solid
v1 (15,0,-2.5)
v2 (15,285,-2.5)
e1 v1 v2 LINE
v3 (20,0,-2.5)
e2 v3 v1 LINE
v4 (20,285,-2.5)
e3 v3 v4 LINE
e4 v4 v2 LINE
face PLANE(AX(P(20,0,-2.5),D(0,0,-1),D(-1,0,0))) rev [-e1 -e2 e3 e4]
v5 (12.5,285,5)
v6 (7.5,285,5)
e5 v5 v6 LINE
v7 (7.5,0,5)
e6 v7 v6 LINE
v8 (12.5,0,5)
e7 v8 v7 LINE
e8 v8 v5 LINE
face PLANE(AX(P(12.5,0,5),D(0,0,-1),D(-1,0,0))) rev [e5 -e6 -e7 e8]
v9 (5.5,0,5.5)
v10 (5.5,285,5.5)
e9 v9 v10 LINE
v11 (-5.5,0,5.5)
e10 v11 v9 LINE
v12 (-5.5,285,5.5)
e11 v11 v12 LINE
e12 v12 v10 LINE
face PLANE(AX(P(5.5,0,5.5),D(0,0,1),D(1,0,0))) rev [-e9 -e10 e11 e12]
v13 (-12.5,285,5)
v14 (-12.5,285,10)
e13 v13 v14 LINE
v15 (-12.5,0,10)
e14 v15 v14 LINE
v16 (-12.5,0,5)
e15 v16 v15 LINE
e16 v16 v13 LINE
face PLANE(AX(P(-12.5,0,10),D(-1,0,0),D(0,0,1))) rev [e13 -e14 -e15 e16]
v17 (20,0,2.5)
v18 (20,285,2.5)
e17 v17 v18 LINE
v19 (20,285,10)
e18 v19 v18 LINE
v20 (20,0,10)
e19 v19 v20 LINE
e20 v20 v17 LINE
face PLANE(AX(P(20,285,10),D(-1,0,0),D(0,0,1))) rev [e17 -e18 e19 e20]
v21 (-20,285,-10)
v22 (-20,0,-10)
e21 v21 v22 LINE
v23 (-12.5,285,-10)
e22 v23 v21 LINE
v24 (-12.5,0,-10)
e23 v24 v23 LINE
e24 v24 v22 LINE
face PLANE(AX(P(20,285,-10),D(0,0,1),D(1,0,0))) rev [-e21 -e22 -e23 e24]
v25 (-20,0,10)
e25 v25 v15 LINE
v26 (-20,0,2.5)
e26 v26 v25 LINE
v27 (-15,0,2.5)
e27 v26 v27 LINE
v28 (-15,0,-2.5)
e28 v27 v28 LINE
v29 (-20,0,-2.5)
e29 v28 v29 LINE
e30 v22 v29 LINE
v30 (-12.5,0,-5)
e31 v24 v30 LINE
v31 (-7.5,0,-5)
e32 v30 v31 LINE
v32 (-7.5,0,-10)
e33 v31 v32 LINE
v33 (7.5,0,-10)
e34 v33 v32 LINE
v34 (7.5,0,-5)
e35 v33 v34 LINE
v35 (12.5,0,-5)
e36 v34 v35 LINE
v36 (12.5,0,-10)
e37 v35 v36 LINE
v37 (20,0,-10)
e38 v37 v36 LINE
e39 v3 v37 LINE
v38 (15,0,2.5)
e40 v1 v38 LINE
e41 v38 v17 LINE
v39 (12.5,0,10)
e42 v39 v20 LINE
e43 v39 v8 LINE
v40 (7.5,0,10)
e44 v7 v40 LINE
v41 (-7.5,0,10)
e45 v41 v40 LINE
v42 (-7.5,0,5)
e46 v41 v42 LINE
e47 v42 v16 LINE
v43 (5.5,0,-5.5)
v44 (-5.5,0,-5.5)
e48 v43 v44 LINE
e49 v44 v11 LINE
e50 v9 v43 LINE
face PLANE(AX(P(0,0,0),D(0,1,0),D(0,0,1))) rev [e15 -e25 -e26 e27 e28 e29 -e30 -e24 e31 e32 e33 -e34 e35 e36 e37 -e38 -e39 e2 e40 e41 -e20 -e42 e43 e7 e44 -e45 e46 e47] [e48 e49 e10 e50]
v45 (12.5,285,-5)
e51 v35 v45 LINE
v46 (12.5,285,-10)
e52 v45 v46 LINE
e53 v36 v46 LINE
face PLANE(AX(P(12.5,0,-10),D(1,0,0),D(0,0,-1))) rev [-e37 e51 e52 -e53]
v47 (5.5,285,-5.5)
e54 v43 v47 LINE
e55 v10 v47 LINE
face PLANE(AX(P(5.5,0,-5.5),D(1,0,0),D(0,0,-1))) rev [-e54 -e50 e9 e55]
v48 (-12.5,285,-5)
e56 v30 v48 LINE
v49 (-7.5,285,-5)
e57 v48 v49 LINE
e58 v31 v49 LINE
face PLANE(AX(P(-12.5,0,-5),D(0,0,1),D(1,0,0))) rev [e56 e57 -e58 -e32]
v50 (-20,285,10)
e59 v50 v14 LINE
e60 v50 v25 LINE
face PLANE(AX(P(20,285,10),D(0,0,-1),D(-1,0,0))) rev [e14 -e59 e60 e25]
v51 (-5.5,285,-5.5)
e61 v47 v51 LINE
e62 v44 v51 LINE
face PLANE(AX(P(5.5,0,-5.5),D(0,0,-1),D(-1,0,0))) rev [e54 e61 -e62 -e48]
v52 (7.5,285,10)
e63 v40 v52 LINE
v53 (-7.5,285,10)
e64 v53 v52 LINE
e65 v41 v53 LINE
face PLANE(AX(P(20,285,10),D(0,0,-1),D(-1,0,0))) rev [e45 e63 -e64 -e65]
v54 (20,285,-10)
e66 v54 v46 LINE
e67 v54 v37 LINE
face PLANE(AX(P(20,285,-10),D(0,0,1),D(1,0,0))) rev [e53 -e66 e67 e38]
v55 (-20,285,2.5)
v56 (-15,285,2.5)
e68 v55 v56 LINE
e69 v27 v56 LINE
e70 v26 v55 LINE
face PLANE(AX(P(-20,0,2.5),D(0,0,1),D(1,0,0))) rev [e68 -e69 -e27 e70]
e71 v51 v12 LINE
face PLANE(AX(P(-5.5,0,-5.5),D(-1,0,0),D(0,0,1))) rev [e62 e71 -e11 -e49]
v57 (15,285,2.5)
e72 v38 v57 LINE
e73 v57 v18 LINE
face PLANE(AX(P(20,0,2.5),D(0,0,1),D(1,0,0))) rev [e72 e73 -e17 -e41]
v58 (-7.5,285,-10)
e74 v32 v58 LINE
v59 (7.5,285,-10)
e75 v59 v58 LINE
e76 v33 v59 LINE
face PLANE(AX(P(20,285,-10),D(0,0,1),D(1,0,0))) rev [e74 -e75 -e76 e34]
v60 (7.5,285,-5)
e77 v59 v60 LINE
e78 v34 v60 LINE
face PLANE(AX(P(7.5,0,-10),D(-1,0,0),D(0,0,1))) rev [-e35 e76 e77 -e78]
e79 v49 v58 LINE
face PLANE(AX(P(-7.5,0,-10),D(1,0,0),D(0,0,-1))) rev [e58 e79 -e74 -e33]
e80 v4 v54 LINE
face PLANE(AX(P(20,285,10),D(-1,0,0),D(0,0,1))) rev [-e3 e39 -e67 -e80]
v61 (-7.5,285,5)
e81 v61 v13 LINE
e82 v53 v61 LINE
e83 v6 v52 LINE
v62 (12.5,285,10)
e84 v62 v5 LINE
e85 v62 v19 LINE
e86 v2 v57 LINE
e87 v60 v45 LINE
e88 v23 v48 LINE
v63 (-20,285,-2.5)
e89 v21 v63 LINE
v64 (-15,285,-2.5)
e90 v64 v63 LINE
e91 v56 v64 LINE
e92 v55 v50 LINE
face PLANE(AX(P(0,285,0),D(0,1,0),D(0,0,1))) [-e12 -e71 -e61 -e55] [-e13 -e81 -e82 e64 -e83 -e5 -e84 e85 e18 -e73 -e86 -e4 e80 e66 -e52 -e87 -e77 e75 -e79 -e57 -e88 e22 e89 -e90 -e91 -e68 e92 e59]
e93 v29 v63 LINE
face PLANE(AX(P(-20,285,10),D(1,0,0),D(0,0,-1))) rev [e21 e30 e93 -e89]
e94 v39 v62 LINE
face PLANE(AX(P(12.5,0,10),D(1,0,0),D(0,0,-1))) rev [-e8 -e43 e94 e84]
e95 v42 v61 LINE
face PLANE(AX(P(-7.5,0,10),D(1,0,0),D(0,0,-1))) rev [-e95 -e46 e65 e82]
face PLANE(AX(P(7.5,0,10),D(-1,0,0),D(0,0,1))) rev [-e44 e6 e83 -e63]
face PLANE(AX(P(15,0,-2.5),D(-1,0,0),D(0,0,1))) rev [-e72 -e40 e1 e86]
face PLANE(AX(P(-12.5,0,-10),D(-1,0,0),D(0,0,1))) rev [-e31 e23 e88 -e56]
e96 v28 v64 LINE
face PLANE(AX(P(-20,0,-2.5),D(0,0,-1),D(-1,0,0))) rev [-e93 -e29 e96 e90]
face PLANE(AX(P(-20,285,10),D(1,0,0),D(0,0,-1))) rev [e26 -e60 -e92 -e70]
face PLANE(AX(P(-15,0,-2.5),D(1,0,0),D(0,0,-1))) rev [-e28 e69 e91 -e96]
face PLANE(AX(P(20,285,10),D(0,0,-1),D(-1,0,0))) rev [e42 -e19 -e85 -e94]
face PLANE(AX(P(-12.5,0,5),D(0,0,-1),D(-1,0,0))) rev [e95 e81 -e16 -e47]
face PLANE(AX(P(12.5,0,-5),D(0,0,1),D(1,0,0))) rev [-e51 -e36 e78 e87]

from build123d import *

# Parameters (mm, degrees)
SKETCH1_W       = 40
SKETCH1_H       = 20
BODY_DEPTH      = 285
SKETCH2_W       = 5
SKETCH2_H       = 5
SKETCH2_W_2     = 11
SKETCH2_H_2     = 11
PROFILAGE_DEPTH = 286.875847178


with BuildPart() as part:
    # Sketch1 → Body (new body)
    with BuildSketch(Plane(origin=(0, 0, 0), x_dir=(1, 0, 0), z_dir=(0, 1, 0))):
        Rectangle(SKETCH1_W, SKETCH1_H)
    extrude(amount=BODY_DEPTH)

    # Sketch2 → Profilage (cut, through all)
    with BuildSketch(Plane(origin=(0, 285, 0), x_dir=(1, 0, 0), z_dir=(0, 1, 0))):
        with Locations((-10, 7.5)):
            Rectangle(SKETCH2_W, SKETCH2_H)
        with Locations((-17.5, 0)):
            Rectangle(SKETCH2_W, SKETCH2_H)
        with Locations((-10, -7.5)):
            Rectangle(SKETCH2_W, SKETCH2_H)
        with Locations((10, -7.5)):
            Rectangle(SKETCH2_W, SKETCH2_H)
        with Locations((17.5, 0)):
            Rectangle(SKETCH2_W, SKETCH2_H)
        with Locations((10, 7.5)):
            Rectangle(SKETCH2_W, SKETCH2_H)
        Rectangle(SKETCH2_W_2, SKETCH2_H_2)
    extrude(amount=-PROFILAGE_DEPTH, mode=Mode.SUBTRACT)


solid = part.part
